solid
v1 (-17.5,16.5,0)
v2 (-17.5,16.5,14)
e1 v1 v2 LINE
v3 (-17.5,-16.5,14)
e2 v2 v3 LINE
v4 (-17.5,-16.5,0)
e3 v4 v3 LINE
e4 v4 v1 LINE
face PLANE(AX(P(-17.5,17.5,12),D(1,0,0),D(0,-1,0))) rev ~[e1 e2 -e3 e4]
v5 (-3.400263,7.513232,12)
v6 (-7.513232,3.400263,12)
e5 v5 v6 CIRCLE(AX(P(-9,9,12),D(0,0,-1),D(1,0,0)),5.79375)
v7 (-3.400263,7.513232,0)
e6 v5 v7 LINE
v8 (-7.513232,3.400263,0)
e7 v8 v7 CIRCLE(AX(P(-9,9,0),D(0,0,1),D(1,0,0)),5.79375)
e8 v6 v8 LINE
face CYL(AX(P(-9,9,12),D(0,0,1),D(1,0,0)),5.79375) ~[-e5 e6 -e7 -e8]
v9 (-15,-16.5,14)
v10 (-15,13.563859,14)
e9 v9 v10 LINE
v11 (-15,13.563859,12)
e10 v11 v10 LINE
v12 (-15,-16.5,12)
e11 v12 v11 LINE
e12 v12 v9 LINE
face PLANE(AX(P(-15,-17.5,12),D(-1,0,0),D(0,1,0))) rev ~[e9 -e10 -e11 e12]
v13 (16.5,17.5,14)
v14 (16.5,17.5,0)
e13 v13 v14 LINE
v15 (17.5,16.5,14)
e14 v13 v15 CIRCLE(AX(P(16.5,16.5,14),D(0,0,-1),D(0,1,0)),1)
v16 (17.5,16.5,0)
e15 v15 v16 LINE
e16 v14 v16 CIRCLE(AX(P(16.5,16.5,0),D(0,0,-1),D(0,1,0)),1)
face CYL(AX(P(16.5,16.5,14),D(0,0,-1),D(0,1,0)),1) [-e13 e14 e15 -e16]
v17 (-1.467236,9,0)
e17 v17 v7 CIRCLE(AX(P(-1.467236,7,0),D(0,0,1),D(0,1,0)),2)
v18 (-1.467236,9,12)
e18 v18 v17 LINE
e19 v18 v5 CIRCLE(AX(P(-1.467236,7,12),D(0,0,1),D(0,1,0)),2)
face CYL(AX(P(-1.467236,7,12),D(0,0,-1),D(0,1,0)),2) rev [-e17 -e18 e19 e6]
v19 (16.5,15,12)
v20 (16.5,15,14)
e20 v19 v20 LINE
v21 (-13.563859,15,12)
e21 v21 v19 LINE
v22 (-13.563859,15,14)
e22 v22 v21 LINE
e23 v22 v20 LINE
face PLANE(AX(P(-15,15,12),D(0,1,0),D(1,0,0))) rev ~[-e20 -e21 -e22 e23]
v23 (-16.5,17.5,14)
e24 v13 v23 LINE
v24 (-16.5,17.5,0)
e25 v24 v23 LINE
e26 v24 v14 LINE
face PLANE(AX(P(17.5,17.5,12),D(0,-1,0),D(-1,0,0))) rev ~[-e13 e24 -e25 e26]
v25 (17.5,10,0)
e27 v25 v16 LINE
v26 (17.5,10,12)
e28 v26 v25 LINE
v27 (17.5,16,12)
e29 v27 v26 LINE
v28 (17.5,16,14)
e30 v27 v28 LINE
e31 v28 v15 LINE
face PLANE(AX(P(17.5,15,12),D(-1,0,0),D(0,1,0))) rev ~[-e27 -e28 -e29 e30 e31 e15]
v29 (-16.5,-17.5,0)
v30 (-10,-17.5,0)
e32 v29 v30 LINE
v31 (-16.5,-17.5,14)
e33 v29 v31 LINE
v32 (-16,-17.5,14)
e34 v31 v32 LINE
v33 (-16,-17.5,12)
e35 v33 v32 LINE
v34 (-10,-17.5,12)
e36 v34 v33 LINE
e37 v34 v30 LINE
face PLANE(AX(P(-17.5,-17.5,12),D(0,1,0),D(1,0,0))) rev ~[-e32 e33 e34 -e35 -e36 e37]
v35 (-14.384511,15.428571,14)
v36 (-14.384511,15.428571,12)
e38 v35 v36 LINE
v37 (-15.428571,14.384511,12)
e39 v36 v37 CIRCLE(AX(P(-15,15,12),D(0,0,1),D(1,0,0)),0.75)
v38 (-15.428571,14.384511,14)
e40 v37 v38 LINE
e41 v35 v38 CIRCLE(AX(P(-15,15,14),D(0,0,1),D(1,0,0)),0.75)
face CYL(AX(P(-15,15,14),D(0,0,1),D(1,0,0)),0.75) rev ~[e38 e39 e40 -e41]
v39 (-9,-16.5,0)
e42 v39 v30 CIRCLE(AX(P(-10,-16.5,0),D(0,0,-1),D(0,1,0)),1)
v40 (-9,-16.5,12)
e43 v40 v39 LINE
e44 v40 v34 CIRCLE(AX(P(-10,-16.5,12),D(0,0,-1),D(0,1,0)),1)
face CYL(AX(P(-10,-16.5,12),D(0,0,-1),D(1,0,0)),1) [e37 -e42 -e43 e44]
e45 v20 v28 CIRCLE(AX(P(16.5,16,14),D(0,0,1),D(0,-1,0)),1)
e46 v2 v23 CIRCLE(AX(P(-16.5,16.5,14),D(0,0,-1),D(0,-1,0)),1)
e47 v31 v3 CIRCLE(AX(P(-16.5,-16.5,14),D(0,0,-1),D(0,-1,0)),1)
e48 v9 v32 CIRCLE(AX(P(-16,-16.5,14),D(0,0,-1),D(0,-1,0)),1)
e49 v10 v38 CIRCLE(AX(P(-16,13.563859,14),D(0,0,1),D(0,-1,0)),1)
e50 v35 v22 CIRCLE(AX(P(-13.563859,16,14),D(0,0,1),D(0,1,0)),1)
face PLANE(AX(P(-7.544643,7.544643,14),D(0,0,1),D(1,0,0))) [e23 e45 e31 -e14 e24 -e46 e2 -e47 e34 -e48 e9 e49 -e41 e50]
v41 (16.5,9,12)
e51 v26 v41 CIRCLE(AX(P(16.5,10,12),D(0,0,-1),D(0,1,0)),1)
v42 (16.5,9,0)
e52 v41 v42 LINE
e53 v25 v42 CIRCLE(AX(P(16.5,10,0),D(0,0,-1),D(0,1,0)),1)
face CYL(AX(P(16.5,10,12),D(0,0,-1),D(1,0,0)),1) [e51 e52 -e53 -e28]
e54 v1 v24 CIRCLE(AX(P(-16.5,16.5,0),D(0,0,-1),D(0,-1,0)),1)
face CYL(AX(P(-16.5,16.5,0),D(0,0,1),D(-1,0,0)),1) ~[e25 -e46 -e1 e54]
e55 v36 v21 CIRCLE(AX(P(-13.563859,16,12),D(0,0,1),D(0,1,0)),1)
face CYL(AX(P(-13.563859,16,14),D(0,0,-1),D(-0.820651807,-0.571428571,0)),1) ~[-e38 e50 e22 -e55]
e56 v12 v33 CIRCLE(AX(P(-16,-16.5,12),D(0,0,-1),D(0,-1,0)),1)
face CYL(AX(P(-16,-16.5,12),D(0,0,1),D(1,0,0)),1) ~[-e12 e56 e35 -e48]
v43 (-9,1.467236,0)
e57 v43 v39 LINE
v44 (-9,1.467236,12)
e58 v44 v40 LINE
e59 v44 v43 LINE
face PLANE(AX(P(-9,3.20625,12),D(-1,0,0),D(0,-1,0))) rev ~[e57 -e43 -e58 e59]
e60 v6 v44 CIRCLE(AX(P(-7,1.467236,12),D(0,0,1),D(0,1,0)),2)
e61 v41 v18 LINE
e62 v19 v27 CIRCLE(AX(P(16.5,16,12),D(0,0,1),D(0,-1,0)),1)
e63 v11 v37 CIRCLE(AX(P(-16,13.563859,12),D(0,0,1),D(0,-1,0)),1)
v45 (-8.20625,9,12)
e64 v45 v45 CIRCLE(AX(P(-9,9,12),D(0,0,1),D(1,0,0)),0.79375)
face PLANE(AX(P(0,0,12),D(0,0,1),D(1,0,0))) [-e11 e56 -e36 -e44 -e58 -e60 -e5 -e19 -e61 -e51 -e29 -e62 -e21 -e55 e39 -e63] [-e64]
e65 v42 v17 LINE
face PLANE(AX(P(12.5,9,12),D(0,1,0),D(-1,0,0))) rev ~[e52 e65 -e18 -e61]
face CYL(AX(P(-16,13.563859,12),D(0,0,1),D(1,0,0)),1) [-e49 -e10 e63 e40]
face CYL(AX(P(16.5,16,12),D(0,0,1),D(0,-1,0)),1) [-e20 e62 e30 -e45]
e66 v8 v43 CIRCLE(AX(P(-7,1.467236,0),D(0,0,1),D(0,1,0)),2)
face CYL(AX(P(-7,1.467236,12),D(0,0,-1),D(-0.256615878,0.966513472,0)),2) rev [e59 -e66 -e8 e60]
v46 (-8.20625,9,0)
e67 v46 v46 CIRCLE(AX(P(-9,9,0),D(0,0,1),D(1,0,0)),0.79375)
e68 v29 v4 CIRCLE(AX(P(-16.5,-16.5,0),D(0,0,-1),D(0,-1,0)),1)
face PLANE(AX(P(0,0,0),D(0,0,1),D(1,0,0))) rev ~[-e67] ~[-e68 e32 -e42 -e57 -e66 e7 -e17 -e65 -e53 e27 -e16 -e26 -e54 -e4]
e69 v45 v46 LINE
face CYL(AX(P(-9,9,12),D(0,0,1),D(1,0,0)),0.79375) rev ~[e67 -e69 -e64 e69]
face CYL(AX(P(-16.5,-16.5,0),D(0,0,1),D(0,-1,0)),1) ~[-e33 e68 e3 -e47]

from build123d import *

# Parameters (mm, degrees)
F0_W      = 35
F0_H      = 35
F1_DEPTH  = 12
F3_DEPTH  = 2
F4_R      = 0.79375
F5_DEPTH  = 12.001
F7_DEPTH  = 12.001
F8_R      = 0.75
F9_DEPTH  = 2
F10_R     = 2
F12_DEPTH = 12.001
F13_R     = 1


with BuildPart() as f1:
    # F0 (on Top) → F1 (new body)
    with BuildSketch(Plane.XY):
        Rectangle(F0_W, F0_H)
    extrude(amount=F1_DEPTH)

    # F2 (on face) → F3 (join)
    with BuildSketch(Plane.XY.offset(12)):
        Polygon((17.5, 17.5), (-17.5, 17.5), (-17.5, -17.5), (-15, -17.5), (-15, 15), (17.5, 15), align=None)
    extrude(amount=F3_DEPTH)

    # F4 (on face) → F5 (cut, through all)
    with BuildSketch(Plane.XY.offset(12)):
        with Locations((-9, 9)):
            Circle(F4_R)
    extrude(amount=-F5_DEPTH, mode=Mode.SUBTRACT)

    # F6 (on face) → F7 (cut, through all)
    with BuildSketch(Plane.XY.offset(12)):
        with BuildLine():
            Line((12.5, 9), (-3.20625, 9))
            ThreePointArc((-3.20625, 9), (-4.9032000865, 4.9032000865), (-9, 3.20625))
            Line((-9, 3.20625), (-9, -12.5))
            Line((-9, -12.5), (12.5, -12.5))
            Line((12.5, -12.5), (12.5, 9))
        make_face()
    extrude(amount=-F7_DEPTH, mode=Mode.SUBTRACT)

    # F8 (on face) → F9 (cut, through all)
    with BuildSketch(Plane.XY.offset(14)):
        with Locations((-15, 15)):
            Circle(F8_R)
    extrude(amount=-F9_DEPTH, mode=Mode.SUBTRACT)

    # F10
    f10_edges = [f1.edges().sort_by_distance(p)[0] for p in [
        (-3.20625, 9, 6),
        (-9, 3.20625, 6),
        (12.5, 9, 6),
        (12.5, -12.5, 6),
        (-9, -12.5, 6),
    ]]
    fillet(f10_edges, radius=F10_R)

    # F11 (on face) → F12 (cut, through all)
    with BuildSketch(Plane.XY.offset(12)):
        Polygon((10.5, 9), (-9, -10.5), (-9, -17.5), (17.5, -17.5), (17.5, 9), align=None)
    extrude(amount=-F12_DEPTH, mode=Mode.SUBTRACT)

    # F13
    f13_edges = [f1.edges().sort_by_distance(p)[0] for p in [
        (17.5, 17.5, 7),
        (-17.5, -17.5, 7),
        (-17.5, 17.5, 7),
        (-15, -17.5, 13),
        (17.5, 15, 13),
        (-15, 14.25, 13),
        (-14.25, 15, 13),
        (-9, -17.5, 6),
        (17.5, 9, 6),
    ]]
    fillet(f13_edges, radius=F13_R)


solid = f1.part
